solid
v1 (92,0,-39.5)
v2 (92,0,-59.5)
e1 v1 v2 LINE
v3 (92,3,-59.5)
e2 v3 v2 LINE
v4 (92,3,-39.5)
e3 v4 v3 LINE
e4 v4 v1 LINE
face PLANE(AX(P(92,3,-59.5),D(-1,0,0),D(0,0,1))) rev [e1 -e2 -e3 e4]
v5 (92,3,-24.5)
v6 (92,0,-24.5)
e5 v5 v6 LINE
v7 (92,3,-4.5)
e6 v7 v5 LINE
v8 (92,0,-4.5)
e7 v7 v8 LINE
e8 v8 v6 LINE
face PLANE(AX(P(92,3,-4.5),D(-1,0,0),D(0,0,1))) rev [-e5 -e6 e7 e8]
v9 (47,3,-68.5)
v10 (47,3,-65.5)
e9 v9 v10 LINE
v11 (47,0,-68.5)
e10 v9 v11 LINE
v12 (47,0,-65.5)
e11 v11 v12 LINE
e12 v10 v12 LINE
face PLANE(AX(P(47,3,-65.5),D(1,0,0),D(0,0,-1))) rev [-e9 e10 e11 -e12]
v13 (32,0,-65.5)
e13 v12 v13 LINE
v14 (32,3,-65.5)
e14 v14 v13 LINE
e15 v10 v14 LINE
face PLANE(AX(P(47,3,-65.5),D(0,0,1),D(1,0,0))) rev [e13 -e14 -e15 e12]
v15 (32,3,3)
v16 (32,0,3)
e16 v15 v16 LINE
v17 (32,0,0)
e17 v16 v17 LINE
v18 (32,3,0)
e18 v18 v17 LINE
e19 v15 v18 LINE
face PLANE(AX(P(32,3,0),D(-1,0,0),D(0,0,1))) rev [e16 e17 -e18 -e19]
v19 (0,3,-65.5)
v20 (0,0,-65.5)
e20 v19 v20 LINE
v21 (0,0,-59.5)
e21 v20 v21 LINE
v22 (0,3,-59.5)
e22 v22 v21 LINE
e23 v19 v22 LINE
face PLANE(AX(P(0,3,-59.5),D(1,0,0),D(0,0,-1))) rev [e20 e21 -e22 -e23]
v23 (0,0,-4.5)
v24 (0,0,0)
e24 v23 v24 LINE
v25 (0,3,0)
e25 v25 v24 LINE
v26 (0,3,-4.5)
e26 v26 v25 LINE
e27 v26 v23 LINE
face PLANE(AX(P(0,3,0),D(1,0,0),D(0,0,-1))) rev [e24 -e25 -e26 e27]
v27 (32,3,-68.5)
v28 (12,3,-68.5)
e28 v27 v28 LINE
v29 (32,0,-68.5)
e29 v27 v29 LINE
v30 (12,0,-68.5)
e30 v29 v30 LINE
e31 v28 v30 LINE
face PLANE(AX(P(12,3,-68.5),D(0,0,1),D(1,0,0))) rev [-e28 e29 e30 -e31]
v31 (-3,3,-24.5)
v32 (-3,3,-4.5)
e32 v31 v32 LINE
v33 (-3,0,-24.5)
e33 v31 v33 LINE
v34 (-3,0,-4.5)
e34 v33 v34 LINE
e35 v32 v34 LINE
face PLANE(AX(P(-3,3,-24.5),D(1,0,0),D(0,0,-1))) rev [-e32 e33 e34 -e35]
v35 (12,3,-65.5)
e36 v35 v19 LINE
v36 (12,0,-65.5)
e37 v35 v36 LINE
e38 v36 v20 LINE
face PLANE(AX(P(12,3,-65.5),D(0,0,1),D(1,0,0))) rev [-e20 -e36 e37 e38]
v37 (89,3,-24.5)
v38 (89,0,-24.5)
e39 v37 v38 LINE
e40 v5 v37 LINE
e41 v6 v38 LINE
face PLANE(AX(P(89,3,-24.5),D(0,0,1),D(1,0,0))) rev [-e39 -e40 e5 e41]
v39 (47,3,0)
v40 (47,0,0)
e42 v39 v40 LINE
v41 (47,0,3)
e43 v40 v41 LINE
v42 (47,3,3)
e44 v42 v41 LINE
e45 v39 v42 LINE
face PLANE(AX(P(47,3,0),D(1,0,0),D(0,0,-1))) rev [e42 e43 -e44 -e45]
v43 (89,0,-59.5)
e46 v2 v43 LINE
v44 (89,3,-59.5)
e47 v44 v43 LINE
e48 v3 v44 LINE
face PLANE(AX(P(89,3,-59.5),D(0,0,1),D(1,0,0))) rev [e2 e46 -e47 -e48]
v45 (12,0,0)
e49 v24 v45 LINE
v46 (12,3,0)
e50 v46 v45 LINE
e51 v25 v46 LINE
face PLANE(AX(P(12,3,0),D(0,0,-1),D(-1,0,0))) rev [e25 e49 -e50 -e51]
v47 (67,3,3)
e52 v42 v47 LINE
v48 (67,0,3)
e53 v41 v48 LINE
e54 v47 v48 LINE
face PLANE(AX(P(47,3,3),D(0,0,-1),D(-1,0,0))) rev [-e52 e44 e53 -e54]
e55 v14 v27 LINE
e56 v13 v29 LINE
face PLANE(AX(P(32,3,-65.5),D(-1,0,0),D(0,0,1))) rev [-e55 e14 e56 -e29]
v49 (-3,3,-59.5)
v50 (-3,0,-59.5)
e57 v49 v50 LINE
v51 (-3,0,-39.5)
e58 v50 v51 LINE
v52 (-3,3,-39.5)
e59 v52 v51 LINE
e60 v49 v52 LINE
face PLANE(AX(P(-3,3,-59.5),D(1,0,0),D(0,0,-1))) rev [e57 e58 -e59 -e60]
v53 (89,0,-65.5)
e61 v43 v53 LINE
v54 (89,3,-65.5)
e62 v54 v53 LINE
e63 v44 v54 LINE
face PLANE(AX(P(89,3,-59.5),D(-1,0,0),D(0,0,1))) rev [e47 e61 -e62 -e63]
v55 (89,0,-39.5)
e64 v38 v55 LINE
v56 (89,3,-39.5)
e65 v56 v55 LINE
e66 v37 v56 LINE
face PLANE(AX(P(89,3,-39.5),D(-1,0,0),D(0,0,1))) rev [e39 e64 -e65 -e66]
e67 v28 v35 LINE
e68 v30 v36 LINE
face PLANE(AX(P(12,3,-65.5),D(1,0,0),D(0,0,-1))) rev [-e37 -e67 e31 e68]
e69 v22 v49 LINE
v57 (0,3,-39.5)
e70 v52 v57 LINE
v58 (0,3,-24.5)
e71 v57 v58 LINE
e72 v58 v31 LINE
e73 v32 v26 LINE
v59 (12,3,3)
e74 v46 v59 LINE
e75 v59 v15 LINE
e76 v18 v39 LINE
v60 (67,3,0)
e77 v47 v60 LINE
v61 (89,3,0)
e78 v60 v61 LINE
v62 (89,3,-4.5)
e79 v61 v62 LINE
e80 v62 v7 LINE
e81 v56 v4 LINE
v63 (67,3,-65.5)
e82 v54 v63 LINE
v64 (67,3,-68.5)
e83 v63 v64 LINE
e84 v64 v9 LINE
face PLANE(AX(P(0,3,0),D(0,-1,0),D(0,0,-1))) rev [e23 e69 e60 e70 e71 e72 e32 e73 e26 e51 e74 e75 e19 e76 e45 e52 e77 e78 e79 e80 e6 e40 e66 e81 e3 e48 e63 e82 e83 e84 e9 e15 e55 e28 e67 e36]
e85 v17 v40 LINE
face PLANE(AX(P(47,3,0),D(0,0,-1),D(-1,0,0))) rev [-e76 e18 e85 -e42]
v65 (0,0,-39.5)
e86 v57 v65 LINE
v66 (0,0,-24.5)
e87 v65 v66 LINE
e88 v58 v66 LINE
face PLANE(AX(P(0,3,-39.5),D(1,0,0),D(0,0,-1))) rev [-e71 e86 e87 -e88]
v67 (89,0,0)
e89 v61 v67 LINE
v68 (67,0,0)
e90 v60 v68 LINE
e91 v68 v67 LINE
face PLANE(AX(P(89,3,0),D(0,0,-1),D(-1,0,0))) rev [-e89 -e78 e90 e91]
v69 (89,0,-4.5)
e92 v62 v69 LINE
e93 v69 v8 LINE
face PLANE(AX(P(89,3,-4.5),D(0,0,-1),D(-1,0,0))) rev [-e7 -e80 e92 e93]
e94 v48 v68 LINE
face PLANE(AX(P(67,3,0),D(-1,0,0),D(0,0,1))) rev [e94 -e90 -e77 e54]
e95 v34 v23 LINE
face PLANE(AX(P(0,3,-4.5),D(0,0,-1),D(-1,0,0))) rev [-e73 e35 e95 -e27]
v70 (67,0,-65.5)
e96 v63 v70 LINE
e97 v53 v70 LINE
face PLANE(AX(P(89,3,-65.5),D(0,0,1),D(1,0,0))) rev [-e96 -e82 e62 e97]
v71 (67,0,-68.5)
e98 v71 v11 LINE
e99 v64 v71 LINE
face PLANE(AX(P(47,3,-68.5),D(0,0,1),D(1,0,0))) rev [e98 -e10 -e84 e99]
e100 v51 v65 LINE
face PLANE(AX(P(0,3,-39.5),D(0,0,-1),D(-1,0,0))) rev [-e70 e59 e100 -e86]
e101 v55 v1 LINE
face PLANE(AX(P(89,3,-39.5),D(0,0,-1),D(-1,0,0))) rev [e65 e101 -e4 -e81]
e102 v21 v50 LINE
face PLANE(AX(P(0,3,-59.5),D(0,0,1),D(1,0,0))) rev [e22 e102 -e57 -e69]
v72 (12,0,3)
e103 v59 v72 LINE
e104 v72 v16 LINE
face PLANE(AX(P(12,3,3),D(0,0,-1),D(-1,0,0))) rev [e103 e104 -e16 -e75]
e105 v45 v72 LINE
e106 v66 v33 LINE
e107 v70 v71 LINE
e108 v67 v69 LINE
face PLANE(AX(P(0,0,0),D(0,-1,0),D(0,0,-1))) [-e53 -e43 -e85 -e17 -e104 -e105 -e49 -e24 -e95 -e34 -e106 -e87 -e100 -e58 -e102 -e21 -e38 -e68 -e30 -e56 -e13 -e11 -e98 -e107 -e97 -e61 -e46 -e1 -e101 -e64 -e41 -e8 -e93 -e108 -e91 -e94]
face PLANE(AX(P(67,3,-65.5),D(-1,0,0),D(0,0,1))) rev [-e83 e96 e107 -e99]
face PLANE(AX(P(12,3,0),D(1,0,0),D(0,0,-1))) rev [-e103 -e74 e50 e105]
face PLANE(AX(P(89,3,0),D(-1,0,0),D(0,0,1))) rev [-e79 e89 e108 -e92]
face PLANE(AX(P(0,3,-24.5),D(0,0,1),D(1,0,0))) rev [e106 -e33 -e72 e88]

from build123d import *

# Parameters (mm, degrees)
BOSS_EXTRUDE1_DEPTH = 3


with BuildPart() as part:
    # Sketch1 → Boss-Extrude1 (new body)
    with BuildSketch(Plane(origin=(0, 0, 0), x_dir=(1, 0, 0), z_dir=(0, 1, 0))):
        Polygon((12, 65.5), (0, 65.5), (0, 59.5), (-3, 59.5), (-3, 39.5), (0, 39.5), (0, 24.5), (-3, 24.5), (-3, 4.5), (0, 4.5), (0, 0), (12, 0), (12, -3), (32, -3), (32, 0), (47, 0), (47, -3), (67, -3), (67, 0), (89, 0), (89, 4.5), (92, 4.5), (92, 24.5), (89, 24.5), (89, 39.5), (92, 39.5), (92, 59.5), (89, 59.5), (89, 65.5), (67, 65.5), (67, 68.5), (47, 68.5), (47, 65.5), (32, 65.5), (32, 68.5), (12, 68.5), align=None)
    extrude(amount=BOSS_EXTRUDE1_DEPTH)


solid = part.part
